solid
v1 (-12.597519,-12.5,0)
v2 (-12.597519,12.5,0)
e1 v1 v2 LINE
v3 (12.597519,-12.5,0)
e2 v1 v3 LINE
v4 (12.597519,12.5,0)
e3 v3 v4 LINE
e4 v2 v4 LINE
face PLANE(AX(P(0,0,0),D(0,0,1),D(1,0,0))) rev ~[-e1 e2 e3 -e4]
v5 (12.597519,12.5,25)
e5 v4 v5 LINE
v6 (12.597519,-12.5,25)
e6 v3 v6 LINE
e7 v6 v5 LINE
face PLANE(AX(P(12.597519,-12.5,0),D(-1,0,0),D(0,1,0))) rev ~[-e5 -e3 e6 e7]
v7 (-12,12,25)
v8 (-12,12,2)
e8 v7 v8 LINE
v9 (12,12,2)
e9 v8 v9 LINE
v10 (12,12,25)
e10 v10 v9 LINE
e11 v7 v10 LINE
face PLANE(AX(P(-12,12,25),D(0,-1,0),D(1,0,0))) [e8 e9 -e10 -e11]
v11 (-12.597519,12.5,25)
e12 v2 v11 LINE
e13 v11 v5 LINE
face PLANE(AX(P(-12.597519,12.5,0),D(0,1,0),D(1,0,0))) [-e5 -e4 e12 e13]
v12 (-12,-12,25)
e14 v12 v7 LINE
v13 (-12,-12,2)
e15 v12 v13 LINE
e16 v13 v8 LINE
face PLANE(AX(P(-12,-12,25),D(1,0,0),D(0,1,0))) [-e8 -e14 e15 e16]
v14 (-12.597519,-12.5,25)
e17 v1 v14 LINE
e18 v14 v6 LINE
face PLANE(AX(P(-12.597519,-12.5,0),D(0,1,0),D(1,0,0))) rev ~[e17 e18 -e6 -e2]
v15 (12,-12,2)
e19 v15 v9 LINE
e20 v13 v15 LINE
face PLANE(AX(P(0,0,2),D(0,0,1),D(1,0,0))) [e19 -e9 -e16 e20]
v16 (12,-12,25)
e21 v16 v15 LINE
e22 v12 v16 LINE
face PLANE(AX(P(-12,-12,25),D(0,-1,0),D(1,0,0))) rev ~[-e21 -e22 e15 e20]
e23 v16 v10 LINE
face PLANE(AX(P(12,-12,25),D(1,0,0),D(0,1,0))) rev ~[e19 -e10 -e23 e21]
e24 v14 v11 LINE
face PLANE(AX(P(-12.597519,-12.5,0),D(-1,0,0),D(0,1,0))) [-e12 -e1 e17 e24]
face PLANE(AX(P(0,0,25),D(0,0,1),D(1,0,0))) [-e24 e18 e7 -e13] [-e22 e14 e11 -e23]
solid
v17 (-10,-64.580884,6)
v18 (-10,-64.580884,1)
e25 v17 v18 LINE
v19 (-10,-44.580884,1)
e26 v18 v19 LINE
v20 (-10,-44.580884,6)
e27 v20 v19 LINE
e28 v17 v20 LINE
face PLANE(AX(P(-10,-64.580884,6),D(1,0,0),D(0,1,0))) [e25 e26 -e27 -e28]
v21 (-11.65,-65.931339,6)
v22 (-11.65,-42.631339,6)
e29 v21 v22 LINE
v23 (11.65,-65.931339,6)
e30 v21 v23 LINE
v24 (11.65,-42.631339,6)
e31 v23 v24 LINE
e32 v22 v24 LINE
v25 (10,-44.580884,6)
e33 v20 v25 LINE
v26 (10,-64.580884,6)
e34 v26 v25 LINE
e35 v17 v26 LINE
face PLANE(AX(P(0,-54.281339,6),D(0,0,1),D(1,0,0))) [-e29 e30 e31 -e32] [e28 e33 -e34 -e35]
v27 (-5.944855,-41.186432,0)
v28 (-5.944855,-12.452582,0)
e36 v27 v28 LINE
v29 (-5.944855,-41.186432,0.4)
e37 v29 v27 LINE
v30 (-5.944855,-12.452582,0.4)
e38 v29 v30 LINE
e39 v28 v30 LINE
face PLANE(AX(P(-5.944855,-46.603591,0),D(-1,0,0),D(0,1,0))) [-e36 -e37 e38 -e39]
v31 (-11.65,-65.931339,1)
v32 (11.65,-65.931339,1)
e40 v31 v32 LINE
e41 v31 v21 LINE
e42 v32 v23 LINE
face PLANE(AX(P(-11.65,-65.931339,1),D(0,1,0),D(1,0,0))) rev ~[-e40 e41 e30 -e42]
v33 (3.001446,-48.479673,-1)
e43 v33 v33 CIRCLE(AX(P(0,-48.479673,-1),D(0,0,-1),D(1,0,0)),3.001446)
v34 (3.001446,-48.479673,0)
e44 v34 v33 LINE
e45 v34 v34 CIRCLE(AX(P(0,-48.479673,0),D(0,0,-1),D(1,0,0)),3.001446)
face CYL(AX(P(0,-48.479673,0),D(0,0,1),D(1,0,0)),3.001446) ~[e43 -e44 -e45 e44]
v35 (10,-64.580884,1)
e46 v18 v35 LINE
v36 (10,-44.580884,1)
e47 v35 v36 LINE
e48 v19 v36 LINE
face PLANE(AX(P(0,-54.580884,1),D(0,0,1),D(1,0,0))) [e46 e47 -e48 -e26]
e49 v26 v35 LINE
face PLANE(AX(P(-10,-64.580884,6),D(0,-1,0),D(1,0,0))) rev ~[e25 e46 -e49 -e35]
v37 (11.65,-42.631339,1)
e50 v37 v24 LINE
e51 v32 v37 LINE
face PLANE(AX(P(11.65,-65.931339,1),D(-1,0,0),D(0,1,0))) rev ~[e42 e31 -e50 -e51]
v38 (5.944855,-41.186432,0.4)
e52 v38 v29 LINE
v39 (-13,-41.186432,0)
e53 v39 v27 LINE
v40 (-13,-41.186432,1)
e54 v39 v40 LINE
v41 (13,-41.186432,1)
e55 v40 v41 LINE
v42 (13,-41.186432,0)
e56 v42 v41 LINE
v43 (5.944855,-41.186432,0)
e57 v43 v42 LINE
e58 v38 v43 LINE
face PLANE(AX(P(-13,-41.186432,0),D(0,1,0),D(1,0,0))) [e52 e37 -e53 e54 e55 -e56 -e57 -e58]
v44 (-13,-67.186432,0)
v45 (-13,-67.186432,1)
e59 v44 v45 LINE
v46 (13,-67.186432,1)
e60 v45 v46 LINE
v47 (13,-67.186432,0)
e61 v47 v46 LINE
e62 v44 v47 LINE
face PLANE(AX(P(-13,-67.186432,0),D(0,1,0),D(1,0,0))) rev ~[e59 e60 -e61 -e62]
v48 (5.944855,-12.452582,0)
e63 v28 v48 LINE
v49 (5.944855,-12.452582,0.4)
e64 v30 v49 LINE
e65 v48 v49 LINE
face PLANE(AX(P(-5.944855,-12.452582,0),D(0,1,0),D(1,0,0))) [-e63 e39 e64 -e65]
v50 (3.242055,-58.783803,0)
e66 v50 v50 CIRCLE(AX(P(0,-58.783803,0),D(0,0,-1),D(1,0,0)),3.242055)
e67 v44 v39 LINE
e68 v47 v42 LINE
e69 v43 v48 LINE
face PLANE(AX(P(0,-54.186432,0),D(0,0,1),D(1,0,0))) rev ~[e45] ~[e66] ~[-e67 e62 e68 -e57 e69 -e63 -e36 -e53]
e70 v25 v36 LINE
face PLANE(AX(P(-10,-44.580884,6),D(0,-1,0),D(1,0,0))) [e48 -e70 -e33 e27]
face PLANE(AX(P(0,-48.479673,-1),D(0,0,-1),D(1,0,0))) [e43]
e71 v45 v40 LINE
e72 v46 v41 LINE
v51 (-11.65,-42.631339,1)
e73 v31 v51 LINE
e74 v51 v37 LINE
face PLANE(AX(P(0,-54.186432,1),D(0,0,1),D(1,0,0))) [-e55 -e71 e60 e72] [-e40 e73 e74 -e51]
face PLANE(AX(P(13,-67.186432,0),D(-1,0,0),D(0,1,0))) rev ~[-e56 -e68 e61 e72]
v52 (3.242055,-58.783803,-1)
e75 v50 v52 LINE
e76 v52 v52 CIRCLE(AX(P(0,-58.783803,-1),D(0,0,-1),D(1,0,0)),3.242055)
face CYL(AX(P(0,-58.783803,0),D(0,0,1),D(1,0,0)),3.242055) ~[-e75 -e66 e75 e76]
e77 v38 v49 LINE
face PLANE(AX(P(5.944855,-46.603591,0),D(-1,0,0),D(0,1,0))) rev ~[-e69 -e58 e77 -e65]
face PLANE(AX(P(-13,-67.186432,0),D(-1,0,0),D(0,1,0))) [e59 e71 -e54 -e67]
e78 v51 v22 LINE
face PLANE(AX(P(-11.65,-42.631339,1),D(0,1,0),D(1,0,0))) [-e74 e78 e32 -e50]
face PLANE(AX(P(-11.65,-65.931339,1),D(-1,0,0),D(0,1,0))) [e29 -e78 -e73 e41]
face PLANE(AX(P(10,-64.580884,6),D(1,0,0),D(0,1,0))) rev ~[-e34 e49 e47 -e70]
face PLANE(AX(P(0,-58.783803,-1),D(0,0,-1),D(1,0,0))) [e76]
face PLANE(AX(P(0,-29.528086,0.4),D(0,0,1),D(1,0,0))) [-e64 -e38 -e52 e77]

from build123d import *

# Parameters (mm, degrees)
F0_W      = 25.195038
F0_H      = 25
F2_DEPTH  = 25
F3_W      = 24
F3_H      = 24
F4_DEPTH  = 23
F1_W      = 11.88971
F1_H      = 34.151009
F5_DEPTH  = 0.4
F6_W      = 26
F6_H      = 26
F7_DEPTH  = 1
F8_W      = 23.3
F8_H      = 23.3
F9_DEPTH  = 5
F10_W     = 20
F10_H     = 20
F11_DEPTH = 5
F12_R     = 3.001446
F12_R_2   = 3.242055
F13_DEPTH = 1


with BuildPart() as f2:
    # F0 (on Top) → F2 (new body)
    with BuildSketch(Plane.XY):
        Rectangle(F0_W, F0_H)
    extrude(amount=F2_DEPTH)

    # F3 (on face) → F4 (cut)
    with BuildSketch(Plane.XY.offset(25)):
        Rectangle(F3_W, F3_H)
    extrude(amount=-F4_DEPTH, mode=Mode.SUBTRACT)


with BuildPart() as f5:
    # F1 (on Top) → F5 (new body)
    with BuildSketch(Plane.XY):
        with Locations((0, -29.528086)):
            Rectangle(F1_W, F1_H)
    extrude(amount=F5_DEPTH)

    # F6 (on Top) → F7 (join)
    with BuildSketch(Plane.XY):
        with Locations((0, -54.186432)):
            Rectangle(F6_W, F6_H)
    extrude(amount=F7_DEPTH)

    # F8 (on face) → F9 (join)
    with BuildSketch(Plane.XY.offset(1)):
        with Locations((0, -54.281339)):
            Rectangle(F8_W, F8_H)
    extrude(amount=F9_DEPTH)

    # F10 (on face) → F11 (cut)
    with BuildSketch(Plane.XY.offset(6)):
        with Locations((0, -54.580884)):
            Rectangle(F10_W, F10_H)
    extrude(amount=-F11_DEPTH, mode=Mode.SUBTRACT)

    # F12 (on face) → F13 (join)
    with BuildSketch(Plane(origin=(0, 0, 0), x_dir=(1, 0, 0), z_dir=(0, 0, -1))):
        with Locations((0, 48.479673)):
            Circle(F12_R)
        with Locations((0, 58.783803)):
            Circle(F12_R_2)
    extrude(amount=F13_DEPTH)


solid = Compound([f2.part, f5.part])
